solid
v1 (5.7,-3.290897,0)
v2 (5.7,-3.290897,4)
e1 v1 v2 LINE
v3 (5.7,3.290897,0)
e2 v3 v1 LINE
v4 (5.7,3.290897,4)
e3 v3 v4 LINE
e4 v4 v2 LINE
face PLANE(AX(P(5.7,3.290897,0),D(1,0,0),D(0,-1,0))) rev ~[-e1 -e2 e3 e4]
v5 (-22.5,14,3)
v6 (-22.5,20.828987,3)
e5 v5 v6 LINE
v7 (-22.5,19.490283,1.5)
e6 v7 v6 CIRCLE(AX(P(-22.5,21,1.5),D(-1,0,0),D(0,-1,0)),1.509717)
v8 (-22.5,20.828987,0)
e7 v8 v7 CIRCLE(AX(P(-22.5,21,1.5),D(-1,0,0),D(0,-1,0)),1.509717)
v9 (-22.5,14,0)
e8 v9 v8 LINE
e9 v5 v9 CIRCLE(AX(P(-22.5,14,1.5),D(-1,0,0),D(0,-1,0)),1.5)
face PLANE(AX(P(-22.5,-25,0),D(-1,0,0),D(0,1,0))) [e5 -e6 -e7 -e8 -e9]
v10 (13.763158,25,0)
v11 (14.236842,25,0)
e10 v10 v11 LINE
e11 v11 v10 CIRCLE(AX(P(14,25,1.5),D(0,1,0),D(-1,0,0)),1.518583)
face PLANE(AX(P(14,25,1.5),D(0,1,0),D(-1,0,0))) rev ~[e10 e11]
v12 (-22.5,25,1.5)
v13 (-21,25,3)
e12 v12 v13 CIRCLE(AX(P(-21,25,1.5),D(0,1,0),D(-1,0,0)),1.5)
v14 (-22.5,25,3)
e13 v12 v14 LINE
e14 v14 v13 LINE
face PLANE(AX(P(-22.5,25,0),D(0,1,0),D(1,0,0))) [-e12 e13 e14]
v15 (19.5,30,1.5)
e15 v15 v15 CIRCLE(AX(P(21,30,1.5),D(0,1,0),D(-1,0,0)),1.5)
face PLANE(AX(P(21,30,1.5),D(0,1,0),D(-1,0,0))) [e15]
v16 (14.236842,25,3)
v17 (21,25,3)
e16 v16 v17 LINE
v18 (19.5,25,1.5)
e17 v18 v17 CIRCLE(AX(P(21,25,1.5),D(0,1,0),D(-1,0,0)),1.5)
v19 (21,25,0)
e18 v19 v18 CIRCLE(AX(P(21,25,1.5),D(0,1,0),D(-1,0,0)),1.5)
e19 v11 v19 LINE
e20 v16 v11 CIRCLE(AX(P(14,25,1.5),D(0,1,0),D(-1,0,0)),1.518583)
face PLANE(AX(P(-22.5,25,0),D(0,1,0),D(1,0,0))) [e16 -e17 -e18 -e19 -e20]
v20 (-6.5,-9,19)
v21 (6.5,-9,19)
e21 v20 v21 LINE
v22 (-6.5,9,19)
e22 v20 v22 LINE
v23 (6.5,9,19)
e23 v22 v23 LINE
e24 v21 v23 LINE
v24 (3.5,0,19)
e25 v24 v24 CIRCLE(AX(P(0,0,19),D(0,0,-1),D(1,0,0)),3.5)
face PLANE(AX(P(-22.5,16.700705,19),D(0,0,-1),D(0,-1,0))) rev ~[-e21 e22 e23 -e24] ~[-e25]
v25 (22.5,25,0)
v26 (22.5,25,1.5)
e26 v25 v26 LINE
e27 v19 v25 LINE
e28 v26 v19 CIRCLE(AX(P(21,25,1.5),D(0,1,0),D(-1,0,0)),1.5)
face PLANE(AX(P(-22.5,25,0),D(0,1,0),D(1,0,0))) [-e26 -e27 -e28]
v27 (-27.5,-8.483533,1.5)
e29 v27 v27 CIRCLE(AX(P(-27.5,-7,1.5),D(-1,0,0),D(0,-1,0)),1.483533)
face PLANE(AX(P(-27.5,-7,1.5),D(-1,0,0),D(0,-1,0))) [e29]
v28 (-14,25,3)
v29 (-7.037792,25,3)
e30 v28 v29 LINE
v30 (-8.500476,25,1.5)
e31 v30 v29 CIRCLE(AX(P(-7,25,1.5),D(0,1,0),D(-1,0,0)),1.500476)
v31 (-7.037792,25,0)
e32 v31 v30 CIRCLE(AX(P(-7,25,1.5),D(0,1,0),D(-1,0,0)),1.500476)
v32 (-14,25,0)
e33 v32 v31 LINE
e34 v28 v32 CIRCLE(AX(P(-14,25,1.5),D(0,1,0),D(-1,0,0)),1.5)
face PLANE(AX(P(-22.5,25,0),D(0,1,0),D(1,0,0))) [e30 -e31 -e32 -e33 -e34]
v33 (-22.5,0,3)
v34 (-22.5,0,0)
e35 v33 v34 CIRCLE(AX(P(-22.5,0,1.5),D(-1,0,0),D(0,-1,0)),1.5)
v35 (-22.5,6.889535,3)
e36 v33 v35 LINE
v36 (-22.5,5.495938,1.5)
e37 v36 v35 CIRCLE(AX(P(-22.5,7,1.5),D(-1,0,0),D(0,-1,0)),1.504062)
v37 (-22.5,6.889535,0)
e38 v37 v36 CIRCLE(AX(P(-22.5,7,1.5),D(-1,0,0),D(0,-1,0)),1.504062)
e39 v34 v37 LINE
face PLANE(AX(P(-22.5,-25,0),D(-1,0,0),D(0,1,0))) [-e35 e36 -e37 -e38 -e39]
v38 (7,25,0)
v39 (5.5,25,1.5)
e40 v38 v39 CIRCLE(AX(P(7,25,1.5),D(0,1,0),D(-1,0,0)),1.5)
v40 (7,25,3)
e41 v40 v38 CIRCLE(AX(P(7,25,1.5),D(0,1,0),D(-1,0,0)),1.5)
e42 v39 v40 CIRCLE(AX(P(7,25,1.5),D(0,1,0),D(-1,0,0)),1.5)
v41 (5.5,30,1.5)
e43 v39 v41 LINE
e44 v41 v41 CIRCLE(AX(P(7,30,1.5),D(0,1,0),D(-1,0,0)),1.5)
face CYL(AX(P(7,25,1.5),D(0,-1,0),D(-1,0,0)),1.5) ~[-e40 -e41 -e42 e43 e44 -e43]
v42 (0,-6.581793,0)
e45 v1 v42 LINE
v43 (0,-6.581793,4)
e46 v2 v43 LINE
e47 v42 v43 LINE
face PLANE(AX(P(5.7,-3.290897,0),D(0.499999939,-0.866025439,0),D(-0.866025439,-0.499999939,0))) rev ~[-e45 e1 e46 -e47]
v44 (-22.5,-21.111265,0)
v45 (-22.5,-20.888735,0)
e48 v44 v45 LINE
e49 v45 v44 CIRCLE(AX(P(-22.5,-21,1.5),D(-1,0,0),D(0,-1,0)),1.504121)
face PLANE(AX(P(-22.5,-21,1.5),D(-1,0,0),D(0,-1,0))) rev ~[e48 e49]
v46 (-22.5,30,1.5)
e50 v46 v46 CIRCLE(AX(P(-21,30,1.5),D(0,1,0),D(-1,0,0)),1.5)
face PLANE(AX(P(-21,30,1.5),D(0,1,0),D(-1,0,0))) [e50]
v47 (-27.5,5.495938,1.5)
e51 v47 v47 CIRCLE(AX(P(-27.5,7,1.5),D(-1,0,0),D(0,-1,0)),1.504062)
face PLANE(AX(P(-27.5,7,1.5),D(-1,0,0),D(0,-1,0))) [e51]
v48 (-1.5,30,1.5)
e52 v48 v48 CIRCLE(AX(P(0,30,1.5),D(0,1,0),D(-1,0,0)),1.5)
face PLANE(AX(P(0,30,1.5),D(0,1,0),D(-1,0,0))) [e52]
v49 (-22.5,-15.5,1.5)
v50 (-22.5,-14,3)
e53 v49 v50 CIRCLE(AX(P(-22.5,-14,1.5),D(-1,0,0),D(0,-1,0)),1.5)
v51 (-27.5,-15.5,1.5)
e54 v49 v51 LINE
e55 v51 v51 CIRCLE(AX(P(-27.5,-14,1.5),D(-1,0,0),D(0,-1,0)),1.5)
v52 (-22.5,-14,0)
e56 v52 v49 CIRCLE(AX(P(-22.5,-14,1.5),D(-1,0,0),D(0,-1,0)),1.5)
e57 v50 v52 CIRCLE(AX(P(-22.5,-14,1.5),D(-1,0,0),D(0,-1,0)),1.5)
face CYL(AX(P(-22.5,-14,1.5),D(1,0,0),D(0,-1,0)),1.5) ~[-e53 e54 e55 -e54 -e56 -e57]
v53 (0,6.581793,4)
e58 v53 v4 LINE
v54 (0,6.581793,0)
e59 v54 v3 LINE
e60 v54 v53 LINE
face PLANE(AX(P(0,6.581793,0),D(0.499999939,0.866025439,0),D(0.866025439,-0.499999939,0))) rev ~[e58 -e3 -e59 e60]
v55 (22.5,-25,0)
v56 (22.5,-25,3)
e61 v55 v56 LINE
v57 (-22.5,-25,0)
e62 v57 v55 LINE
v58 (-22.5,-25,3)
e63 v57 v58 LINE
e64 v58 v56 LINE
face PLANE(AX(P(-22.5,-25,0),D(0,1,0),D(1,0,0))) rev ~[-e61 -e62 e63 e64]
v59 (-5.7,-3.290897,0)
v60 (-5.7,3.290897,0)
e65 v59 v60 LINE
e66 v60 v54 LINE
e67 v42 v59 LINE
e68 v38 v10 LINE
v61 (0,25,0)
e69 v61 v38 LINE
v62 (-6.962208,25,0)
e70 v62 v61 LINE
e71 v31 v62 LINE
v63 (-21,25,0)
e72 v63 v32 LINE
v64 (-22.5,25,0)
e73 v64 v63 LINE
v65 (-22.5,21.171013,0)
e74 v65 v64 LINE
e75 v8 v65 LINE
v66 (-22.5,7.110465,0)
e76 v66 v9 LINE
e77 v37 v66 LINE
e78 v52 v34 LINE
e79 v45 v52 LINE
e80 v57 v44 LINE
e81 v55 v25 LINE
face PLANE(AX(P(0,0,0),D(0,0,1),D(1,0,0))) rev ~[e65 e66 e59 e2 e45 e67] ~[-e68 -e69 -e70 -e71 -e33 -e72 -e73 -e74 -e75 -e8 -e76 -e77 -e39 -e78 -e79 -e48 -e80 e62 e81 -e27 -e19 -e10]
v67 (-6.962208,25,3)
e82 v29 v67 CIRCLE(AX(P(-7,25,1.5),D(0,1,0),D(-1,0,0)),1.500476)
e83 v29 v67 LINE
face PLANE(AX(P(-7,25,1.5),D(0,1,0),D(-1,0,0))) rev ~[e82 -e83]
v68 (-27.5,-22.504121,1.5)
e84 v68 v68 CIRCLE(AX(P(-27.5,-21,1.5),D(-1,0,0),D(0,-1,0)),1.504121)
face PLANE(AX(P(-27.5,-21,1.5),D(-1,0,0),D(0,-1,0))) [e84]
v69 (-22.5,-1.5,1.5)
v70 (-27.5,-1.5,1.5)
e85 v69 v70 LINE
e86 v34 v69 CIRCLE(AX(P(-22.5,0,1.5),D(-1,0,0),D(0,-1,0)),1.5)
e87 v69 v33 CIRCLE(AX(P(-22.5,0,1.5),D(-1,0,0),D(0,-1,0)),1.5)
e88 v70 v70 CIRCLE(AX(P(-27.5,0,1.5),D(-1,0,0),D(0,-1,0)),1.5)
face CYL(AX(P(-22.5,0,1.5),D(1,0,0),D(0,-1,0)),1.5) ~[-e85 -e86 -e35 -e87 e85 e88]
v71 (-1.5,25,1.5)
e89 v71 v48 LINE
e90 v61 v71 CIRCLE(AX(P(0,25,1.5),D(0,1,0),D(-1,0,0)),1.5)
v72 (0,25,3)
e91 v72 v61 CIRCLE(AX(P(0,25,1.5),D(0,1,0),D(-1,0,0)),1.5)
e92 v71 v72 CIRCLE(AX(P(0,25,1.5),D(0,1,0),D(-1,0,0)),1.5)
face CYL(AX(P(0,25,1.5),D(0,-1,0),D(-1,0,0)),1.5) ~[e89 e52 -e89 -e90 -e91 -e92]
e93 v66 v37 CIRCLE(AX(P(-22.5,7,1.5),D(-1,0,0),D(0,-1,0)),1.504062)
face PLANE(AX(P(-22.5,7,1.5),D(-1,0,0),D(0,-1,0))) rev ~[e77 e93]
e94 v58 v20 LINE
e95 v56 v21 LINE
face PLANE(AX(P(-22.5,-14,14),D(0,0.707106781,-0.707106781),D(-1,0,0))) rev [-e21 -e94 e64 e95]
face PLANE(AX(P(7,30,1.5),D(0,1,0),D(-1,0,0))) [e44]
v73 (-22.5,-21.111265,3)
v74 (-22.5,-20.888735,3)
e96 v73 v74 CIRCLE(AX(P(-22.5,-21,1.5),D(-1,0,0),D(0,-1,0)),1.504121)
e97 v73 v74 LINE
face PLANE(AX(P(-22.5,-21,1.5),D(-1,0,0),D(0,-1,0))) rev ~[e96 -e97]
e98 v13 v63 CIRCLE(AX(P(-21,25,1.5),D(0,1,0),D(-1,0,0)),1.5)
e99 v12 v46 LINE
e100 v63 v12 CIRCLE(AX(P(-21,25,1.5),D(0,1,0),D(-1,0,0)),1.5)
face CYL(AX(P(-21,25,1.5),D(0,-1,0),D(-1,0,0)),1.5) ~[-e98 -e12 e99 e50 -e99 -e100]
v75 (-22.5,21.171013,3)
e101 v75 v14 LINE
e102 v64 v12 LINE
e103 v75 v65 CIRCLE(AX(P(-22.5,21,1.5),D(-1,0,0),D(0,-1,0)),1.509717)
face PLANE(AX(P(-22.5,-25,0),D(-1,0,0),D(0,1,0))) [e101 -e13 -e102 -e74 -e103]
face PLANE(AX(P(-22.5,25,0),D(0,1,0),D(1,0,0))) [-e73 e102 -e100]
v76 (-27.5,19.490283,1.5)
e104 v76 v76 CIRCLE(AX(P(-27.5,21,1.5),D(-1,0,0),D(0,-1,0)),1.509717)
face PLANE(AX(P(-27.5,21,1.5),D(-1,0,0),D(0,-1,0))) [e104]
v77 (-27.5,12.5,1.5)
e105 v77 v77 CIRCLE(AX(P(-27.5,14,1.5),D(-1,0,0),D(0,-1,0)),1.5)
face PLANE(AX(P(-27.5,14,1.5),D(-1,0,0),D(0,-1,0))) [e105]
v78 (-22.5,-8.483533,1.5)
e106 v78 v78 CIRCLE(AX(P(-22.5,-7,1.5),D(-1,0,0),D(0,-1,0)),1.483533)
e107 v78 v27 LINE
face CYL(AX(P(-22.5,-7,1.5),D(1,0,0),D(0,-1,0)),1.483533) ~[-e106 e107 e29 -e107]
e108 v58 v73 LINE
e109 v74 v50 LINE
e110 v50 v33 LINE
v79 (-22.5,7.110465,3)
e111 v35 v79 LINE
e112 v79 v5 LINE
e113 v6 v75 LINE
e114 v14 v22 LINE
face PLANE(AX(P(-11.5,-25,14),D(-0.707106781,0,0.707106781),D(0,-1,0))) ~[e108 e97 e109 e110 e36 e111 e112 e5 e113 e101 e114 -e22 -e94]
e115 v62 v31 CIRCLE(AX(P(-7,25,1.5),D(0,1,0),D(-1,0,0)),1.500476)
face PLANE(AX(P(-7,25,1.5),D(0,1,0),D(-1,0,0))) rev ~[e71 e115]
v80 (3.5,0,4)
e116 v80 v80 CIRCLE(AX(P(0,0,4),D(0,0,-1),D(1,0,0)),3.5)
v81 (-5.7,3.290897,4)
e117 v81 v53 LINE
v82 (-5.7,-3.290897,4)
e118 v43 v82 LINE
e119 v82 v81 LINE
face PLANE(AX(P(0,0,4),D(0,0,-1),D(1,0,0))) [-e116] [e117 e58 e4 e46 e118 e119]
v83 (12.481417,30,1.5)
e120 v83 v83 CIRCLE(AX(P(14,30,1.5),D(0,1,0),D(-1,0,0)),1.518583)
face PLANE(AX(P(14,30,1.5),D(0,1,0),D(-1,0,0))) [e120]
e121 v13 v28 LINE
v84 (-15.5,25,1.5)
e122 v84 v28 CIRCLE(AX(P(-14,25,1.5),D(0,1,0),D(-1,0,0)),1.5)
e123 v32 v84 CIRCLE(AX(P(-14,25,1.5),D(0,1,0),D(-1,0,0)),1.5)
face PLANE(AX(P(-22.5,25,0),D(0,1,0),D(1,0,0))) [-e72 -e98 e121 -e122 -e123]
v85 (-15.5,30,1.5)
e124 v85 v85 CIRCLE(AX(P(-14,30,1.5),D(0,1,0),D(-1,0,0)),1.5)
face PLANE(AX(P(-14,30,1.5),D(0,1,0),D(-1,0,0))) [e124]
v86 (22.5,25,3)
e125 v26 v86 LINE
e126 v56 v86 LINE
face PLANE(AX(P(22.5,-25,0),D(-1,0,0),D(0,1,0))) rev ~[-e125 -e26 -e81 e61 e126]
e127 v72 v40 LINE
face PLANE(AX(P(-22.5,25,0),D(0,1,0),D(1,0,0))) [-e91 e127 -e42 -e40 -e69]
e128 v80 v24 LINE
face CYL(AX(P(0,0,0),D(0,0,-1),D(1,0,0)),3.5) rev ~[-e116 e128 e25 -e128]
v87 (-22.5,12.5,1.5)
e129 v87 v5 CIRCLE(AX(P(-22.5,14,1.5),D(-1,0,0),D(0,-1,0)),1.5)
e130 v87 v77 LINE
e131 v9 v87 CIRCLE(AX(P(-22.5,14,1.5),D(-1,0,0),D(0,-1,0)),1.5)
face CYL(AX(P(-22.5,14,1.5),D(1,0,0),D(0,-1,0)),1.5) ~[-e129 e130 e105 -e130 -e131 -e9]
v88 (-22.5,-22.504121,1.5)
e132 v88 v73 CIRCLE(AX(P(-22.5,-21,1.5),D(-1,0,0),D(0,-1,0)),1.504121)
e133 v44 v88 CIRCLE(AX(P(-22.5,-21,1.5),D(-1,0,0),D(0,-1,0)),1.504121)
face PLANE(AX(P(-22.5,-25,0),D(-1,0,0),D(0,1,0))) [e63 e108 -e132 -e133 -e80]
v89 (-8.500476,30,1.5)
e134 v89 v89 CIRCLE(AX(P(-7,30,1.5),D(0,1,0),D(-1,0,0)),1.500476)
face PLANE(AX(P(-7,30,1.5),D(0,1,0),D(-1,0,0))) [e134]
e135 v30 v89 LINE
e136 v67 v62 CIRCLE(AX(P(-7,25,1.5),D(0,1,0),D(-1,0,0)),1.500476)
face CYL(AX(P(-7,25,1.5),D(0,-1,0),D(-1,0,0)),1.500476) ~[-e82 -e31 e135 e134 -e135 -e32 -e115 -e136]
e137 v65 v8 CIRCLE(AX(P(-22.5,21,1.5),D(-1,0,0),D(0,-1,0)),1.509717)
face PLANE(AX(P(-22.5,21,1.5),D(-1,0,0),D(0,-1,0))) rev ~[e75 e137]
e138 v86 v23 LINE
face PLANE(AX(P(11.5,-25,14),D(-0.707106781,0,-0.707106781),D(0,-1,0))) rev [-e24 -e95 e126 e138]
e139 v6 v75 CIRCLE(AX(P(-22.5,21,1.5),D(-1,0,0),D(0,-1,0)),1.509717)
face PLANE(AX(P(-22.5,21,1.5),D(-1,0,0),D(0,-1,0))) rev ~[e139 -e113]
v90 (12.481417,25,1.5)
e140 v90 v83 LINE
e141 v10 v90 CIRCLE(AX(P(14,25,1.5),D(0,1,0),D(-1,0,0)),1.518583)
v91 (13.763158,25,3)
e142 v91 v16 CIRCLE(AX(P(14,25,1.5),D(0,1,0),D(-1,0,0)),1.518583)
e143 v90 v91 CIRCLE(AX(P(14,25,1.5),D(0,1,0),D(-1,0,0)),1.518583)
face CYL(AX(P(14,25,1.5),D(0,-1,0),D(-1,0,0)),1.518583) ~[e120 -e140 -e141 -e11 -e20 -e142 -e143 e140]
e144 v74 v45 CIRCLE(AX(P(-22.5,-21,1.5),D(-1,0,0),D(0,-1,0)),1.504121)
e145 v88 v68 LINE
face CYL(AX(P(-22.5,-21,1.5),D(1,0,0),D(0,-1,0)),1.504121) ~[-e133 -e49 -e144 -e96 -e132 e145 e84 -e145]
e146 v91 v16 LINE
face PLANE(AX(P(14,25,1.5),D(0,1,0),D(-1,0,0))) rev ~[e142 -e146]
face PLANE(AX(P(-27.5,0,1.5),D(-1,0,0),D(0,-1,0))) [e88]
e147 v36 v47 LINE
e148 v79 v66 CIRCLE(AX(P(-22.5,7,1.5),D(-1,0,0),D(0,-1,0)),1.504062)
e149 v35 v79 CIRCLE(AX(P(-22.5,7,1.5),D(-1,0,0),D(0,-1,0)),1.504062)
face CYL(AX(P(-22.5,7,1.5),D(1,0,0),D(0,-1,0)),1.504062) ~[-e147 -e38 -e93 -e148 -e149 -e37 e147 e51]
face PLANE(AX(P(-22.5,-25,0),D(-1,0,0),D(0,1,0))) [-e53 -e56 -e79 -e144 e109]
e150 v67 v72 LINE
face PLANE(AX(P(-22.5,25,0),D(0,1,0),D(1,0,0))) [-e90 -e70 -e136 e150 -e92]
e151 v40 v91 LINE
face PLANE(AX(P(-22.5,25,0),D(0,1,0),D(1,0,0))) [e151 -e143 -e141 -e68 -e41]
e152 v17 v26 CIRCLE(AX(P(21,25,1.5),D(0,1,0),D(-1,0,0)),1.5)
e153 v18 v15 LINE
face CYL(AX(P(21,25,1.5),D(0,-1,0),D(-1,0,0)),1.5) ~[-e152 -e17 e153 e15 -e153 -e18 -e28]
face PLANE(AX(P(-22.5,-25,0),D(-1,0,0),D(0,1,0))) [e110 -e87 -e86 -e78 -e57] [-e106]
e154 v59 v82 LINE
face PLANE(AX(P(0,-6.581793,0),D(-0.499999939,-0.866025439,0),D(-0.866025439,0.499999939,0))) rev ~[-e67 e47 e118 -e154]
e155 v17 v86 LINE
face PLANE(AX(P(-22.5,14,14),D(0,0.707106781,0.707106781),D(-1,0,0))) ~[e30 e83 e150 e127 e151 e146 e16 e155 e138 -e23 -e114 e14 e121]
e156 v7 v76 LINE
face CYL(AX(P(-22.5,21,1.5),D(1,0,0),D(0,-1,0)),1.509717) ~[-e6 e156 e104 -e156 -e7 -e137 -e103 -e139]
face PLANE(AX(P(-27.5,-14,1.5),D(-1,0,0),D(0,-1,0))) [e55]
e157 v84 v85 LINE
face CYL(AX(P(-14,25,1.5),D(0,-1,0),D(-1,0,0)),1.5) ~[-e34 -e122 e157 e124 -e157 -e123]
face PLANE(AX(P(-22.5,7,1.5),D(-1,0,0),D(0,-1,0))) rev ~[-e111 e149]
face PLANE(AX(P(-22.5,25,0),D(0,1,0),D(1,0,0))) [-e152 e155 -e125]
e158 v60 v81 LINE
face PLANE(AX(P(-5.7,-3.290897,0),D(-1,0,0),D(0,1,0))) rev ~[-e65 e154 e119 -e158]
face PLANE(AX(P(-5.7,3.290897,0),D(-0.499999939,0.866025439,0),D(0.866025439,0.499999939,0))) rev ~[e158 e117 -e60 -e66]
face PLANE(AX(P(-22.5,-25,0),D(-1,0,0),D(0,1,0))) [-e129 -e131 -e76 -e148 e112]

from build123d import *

# Parameters (mm, degrees)
SKETCH_W        = 45
SKETCH_H        = 50
PAD_DEPTH       = 25
CHAMFER_SIZE    = 22
SKETCH001_R     = 3.5
POCKET_DEPTH    = 25.001
SKETCH002_W     = 32.700705
SKETCH002_H     = 10
POCKET001_DEPTH = 45.001
SKETCH003_R     = 1.5
SKETCH003_R_2   = 1.518583
SKETCH003_R_3   = 1.500476
PAD001_DEPTH    = 5
SKETCH004_R     = 1.5
SKETCH004_R_2   = 1.504062
SKETCH004_R_3   = 1.509717
SKETCH004_R_4   = 1.483533
SKETCH004_R_5   = 1.504121
PAD002_DEPTH    = 5
POCKET002_DEPTH = 4


with BuildPart() as part:
    # Sketch → Pad (new body)
    with BuildSketch(Plane.XY):
        Rectangle(SKETCH_W, SKETCH_H)
    extrude(amount=PAD_DEPTH)

    # Chamfer
    chamfer_edges = [part.edges().sort_by_distance(p)[0] for p in [
        (0, 25, 25),
        (-22.5, 0, 25),
        (0, -25, 25),
        (22.5, 0, 25),
    ]]
    chamfer(chamfer_edges, length=CHAMFER_SIZE)

    # Sketch001 → Pocket (cut, through all)
    with BuildSketch(Plane(origin=(0, 0, 0), x_dir=(1, 0, 0), z_dir=(0, 0, -1))):
        Circle(SKETCH001_R)
    extrude(amount=-POCKET_DEPTH, mode=Mode.SUBTRACT)

    # Sketch002 → Pocket001 (cut, through all)
    with BuildSketch(Plane(origin=(-22.5, 0, 0), x_dir=(0, -1, 0), z_dir=(-1, 0, 0))):
        with Locations((-0.350352, 24)):
            Rectangle(SKETCH002_W, SKETCH002_H)
    extrude(amount=-POCKET001_DEPTH, mode=Mode.SUBTRACT)

    # Sketch003 → Pad001 (new body)
    with BuildSketch(Plane(origin=(0, 25, 0), x_dir=(-1, 0, 0), z_dir=(0, 1, 0))):
        with Locations((-21, 1.5)):
            Circle(SKETCH003_R)
        with Locations((-14, 1.5)):
            Circle(SKETCH003_R_2)
        with Locations((0, 1.5)):
            Circle(SKETCH003_R)
        with Locations((-7, 1.5)):
            Circle(SKETCH003_R)
        with Locations((7, 1.5)):
            Circle(SKETCH003_R_3)
        with Locations((14, 1.5)):
            Circle(SKETCH003_R)
        with Locations((21, 1.5)):
            Circle(SKETCH003_R)
    extrude(amount=PAD001_DEPTH)

    # Sketch004 → Pad002 (new body)
    with BuildSketch(Plane(origin=(-22.5, 0, 0), x_dir=(0, -1, 0), z_dir=(-1, 0, 0))):
        with Locations((0, 1.5)):
            Circle(SKETCH004_R)
        with Locations((-7, 1.5)):
            Circle(SKETCH004_R_2)
        with Locations((-14, 1.5)):
            Circle(SKETCH004_R)
        with Locations((-21, 1.5)):
            Circle(SKETCH004_R_3)
        with Locations((7, 1.5)):
            Circle(SKETCH004_R_4)
        with Locations((14, 1.5)):
            Circle(SKETCH004_R)
        with Locations((21, 1.5)):
            Circle(SKETCH004_R_5)
    extrude(amount=PAD002_DEPTH)

    # Sketch005 → Pocket002 (cut)
    with BuildSketch(Plane(origin=(0, 0, 0), x_dir=(1, 0, 0), z_dir=(0, 0, -1))):
        Polygon((5.7, -3.290897), (5.7, 3.290897), (0, 6.581793), (-5.7, 3.290897), (-5.7, -3.290897), (0, -6.581793), align=None)
    extrude(amount=-POCKET002_DEPTH, mode=Mode.SUBTRACT)


solid = part.part
